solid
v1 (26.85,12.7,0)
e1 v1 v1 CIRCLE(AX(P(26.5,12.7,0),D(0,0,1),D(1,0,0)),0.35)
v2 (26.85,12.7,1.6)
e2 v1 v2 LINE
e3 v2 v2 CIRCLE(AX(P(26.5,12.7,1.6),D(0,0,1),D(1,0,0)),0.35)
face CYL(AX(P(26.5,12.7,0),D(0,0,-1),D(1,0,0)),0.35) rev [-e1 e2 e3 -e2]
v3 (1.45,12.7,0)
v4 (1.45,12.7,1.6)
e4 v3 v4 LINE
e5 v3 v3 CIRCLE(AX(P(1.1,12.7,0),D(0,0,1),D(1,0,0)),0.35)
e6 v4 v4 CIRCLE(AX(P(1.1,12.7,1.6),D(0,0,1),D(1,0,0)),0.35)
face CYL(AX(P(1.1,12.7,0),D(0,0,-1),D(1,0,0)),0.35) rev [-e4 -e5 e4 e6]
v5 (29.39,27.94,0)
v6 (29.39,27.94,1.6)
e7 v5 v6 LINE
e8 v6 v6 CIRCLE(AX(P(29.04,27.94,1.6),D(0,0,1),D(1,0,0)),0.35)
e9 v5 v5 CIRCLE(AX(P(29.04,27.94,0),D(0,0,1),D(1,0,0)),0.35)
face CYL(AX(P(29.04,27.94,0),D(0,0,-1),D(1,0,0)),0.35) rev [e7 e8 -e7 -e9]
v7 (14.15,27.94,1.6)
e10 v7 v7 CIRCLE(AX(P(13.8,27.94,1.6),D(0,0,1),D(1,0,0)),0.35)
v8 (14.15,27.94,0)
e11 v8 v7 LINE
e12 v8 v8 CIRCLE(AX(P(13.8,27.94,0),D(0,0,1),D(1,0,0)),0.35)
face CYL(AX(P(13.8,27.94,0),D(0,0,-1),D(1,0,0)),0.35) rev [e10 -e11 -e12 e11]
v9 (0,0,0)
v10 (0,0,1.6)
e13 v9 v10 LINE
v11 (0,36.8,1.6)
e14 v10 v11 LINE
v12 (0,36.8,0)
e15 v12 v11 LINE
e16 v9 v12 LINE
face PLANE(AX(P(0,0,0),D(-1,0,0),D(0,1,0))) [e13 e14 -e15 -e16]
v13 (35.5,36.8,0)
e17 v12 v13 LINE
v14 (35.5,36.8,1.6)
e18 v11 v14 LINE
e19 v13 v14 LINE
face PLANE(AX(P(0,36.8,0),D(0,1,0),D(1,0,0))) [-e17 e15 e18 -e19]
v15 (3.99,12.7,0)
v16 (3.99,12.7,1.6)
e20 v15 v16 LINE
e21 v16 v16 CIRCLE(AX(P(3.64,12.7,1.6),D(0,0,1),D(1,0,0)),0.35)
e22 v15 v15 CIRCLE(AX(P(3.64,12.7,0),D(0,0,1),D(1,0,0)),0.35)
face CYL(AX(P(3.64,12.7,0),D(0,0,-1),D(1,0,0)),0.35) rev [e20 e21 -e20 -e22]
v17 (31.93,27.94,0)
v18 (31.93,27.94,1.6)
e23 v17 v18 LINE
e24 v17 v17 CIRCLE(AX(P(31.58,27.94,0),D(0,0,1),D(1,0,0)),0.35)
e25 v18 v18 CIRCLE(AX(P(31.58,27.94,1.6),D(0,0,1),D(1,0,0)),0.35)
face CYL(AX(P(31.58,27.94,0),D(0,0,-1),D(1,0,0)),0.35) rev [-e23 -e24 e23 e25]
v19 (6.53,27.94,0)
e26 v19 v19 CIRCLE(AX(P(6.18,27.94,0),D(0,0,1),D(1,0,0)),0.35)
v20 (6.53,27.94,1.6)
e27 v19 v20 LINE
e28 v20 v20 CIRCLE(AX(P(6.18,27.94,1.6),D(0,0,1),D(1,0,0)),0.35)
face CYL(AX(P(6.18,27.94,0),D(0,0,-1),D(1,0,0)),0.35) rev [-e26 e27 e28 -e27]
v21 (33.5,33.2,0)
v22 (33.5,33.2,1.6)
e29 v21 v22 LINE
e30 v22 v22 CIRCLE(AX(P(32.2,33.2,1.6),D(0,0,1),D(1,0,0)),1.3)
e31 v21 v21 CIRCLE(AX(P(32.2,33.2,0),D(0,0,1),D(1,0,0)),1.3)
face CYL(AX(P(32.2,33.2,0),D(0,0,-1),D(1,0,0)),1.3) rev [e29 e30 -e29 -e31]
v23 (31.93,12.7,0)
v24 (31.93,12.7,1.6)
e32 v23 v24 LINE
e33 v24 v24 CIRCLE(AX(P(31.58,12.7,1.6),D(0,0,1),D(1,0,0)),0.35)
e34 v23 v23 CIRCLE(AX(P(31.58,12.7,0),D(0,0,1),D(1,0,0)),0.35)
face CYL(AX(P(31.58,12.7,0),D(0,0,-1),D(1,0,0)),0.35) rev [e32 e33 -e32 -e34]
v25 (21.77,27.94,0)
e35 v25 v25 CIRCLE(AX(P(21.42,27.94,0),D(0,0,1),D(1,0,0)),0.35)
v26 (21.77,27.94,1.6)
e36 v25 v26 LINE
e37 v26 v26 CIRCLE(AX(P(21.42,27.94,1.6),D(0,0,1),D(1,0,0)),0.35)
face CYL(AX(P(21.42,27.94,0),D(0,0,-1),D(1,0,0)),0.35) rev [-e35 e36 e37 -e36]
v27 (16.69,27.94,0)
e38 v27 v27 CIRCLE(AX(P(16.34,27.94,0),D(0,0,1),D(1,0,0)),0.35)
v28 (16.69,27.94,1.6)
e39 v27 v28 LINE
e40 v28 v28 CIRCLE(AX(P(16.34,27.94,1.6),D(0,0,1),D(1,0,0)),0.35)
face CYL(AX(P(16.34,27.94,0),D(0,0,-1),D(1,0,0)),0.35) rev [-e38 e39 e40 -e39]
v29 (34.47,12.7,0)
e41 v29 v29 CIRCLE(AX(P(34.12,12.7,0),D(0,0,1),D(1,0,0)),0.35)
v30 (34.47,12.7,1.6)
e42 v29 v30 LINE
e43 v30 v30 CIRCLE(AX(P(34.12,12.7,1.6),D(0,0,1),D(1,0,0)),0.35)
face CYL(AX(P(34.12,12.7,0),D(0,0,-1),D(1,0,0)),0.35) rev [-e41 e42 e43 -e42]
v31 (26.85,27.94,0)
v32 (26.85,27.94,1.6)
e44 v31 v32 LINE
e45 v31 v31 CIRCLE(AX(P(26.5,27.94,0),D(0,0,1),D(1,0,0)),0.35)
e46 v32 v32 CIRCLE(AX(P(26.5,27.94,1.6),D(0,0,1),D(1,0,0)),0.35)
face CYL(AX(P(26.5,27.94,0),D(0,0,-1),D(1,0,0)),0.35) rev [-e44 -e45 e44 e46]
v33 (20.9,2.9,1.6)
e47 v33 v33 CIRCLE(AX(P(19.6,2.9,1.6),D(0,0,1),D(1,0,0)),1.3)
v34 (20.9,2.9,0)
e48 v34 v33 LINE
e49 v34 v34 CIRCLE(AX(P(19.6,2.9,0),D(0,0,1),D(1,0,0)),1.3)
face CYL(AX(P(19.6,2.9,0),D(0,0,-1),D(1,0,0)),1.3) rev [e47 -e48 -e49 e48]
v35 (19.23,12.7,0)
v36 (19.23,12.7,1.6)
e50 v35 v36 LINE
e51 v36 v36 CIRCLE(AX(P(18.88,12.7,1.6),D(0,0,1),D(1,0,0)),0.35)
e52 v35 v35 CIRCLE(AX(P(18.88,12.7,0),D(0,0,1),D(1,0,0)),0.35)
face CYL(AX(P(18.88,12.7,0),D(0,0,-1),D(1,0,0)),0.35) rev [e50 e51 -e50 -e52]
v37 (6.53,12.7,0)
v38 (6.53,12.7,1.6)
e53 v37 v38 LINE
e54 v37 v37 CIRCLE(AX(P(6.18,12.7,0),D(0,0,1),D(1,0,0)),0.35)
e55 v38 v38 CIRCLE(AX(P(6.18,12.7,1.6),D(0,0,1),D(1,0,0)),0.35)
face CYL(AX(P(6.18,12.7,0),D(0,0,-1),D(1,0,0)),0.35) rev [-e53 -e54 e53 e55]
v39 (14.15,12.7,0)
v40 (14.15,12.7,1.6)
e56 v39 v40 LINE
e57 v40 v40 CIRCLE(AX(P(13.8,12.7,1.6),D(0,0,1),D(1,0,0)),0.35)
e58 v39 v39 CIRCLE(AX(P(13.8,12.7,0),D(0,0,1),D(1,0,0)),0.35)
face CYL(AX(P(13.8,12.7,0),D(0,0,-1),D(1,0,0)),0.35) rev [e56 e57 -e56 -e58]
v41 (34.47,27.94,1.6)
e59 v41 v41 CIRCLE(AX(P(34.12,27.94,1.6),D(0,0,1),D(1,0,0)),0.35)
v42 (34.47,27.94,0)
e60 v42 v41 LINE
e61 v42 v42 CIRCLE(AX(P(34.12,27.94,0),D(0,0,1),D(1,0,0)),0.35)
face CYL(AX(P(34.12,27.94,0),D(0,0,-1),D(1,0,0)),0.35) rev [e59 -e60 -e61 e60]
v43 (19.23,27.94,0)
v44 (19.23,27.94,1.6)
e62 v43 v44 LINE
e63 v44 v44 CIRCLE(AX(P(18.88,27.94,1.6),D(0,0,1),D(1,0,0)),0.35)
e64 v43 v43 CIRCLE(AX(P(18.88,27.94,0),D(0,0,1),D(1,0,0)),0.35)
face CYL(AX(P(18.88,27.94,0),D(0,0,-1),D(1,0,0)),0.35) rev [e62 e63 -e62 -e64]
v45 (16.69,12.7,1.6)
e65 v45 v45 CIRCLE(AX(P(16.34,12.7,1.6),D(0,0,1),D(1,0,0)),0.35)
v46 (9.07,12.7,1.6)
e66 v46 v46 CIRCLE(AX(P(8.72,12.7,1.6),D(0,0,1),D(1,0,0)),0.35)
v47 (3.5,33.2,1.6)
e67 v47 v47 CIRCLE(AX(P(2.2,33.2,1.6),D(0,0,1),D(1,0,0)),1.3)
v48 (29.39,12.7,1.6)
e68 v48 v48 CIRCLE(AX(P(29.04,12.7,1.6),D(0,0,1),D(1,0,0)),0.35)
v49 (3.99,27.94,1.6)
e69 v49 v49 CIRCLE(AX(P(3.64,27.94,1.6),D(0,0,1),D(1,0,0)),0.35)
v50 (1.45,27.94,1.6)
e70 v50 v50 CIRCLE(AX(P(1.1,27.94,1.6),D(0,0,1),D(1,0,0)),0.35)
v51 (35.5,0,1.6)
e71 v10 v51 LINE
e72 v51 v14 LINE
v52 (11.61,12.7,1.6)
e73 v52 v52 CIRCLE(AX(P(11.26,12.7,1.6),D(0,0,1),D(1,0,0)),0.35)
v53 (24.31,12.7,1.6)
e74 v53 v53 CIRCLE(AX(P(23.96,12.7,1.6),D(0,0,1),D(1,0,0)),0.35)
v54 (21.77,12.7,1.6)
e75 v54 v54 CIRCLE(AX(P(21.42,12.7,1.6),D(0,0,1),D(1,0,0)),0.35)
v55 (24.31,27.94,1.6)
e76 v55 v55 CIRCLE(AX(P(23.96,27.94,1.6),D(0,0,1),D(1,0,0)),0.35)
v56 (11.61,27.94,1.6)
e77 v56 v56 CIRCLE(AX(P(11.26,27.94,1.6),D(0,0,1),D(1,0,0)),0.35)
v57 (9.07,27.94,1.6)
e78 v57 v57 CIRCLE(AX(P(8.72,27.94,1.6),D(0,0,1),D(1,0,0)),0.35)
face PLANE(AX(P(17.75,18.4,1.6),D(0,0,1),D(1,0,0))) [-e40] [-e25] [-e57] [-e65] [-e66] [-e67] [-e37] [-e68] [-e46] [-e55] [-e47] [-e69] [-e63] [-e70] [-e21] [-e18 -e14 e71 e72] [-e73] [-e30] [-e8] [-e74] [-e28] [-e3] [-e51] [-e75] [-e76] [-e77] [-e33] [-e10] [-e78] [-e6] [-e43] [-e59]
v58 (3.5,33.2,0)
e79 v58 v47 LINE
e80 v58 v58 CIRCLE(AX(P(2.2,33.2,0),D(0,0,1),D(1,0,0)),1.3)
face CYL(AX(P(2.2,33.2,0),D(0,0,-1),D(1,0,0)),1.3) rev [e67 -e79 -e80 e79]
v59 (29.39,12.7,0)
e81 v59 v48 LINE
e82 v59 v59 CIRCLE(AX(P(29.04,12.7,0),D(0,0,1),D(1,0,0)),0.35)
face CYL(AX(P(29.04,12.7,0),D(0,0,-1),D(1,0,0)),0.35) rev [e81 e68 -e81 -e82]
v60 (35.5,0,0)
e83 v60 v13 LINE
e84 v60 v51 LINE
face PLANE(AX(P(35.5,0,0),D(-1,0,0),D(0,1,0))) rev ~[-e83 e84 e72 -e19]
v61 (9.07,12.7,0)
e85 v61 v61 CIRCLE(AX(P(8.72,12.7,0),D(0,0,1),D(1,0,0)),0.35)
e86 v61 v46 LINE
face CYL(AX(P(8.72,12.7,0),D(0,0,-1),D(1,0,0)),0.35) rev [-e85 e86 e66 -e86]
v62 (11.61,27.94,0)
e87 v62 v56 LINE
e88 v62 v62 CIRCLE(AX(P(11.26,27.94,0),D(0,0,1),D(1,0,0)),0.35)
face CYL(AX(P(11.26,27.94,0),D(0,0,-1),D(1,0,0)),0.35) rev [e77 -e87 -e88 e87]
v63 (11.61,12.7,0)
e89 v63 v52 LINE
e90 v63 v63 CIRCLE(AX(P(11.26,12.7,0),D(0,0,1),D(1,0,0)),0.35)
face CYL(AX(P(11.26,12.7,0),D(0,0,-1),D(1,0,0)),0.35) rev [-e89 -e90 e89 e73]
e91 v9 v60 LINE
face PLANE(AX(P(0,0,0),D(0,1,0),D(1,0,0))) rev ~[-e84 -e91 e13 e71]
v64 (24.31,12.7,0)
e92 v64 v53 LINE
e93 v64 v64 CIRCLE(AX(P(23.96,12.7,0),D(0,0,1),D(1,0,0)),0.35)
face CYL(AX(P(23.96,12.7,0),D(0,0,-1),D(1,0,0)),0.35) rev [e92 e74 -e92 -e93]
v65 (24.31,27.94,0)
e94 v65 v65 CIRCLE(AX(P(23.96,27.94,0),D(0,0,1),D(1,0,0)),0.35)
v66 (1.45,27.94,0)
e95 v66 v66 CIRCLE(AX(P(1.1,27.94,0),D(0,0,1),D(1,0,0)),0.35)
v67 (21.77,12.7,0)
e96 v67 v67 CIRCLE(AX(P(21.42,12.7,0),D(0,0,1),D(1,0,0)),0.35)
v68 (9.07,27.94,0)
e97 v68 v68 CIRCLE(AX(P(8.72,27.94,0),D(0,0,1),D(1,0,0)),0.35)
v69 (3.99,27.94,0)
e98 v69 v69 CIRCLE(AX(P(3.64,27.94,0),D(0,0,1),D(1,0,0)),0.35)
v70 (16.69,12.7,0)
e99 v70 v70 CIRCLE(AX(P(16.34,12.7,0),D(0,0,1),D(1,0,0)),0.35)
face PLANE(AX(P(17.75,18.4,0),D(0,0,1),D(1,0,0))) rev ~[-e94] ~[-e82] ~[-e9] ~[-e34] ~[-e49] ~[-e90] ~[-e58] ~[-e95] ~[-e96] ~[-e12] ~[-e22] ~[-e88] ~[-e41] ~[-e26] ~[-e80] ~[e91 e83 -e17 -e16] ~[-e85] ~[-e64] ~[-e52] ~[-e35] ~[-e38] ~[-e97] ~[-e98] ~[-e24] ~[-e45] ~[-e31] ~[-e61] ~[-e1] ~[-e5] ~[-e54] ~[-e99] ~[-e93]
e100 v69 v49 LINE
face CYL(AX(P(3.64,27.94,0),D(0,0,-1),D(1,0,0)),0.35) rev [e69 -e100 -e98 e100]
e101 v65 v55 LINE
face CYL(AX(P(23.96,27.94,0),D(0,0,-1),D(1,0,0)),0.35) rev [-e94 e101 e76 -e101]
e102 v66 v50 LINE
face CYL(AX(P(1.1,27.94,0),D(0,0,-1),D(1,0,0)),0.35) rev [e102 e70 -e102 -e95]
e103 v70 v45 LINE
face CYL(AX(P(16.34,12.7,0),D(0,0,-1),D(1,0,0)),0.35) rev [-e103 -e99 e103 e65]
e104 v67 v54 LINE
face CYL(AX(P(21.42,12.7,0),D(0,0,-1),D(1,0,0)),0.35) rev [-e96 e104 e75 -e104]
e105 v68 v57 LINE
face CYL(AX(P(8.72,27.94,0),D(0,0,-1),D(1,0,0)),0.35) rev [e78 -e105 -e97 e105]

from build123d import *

# Parameters (mm, degrees)
CYLINDER008_R     = 0.35
CYLINDER008_DEPTH = 1.6
CYLINDER009_R     = 0.35
CYLINDER009_DEPTH = 1.6
CYLINDER013_R     = 0.35
CYLINDER013_DEPTH = 1.6
CYLINDER018_R     = 0.35
CYLINDER018_DEPTH = 1.6
CYLINDER012_R     = 0.35
CYLINDER012_DEPTH = 1.6
CYLINDER015_R     = 0.35
CYLINDER015_DEPTH = 1.6
CYLINDER014_R     = 0.35
CYLINDER014_DEPTH = 1.6
CYLINDER016_R     = 0.35
CYLINDER016_DEPTH = 1.6
CYLINDER011_R     = 0.35
CYLINDER011_DEPTH = 1.6
CYLINDER010_R     = 0.35
CYLINDER010_DEPTH = 1.6
CYLINDER019_R     = 0.35
CYLINDER019_DEPTH = 1.6
CYLINDER020_R     = 0.35
CYLINDER020_DEPTH = 1.6
CYLINDER017_R     = 0.35
CYLINDER017_DEPTH = 1.6
CYLINDER004_R     = 0.35
CYLINDER004_DEPTH = 1.6
CYLINDER002_R     = 1.3
CYLINDER002_DEPTH = 1.6
CYLINDER001_R     = 1.3
CYLINDER001_DEPTH = 1.6
CYLINDER_R        = 1.3
CYLINDER_DEPTH    = 1.6
BOX_W             = 35.5
BOX_H             = 36.8
BOX_DEPTH         = 1.6


with BuildPart() as cylinder008:
    # Cylinder008 → Cylinder008 (new body)
    with BuildSketch(Plane(origin=(1.1, 12.7, 0), x_dir=(1, 0, 0), z_dir=(0, 0, 1))):
        Circle(CYLINDER008_R)
    extrude(amount=CYLINDER008_DEPTH)


with BuildPart() as cylinder009:
    # Cylinder009 → Cylinder009 (new body)
    with BuildSketch(Plane(origin=(8.72, 12.7, 0), x_dir=(1, 0, 0), z_dir=(0, 0, 1))):
        Circle(CYLINDER009_R)
    extrude(amount=CYLINDER009_DEPTH)


with BuildPart() as cylinder013:
    # Cylinder013 → Cylinder013 (new body)
    with BuildSketch(Plane(origin=(18.88, 12.7, 0), x_dir=(1, 0, 0), z_dir=(0, 0, 1))):
        Circle(CYLINDER013_R)
    extrude(amount=CYLINDER013_DEPTH)


with BuildPart() as cylinder018:
    # Cylinder018 → Cylinder018 (new body)
    with BuildSketch(Plane(origin=(34.12, 12.7, 0), x_dir=(1, 0, 0), z_dir=(0, 0, 1))):
        Circle(CYLINDER018_R)
    extrude(amount=CYLINDER018_DEPTH)


with BuildPart() as cylinder012:
    # Cylinder012 → Cylinder012 (new body)
    with BuildSketch(Plane(origin=(13.8, 12.7, 0), x_dir=(1, 0, 0), z_dir=(0, 0, 1))):
        Circle(CYLINDER012_R)
    extrude(amount=CYLINDER012_DEPTH)


with BuildPart() as cylinder015:
    # Cylinder015 → Cylinder015 (new body)
    with BuildSketch(Plane(origin=(21.42, 12.7, 0), x_dir=(1, 0, 0), z_dir=(0, 0, 1))):
        Circle(CYLINDER015_R)
    extrude(amount=CYLINDER015_DEPTH)


with BuildPart() as cylinder014:
    # Cylinder014 → Cylinder014 (new body)
    with BuildSketch(Plane(origin=(23.96, 12.7, 0), x_dir=(1, 0, 0), z_dir=(0, 0, 1))):
        Circle(CYLINDER014_R)
    extrude(amount=CYLINDER014_DEPTH)


with BuildPart() as cylinder016:
    # Cylinder016 → Cylinder016 (new body)
    with BuildSketch(Plane(origin=(16.34, 12.7, 0), x_dir=(1, 0, 0), z_dir=(0, 0, 1))):
        Circle(CYLINDER016_R)
    extrude(amount=CYLINDER016_DEPTH)


with BuildPart() as cylinder011:
    # Cylinder011 → Cylinder011 (new body)
    with BuildSketch(Plane(origin=(11.26, 12.7, 0), x_dir=(1, 0, 0), z_dir=(0, 0, 1))):
        Circle(CYLINDER011_R)
    extrude(amount=CYLINDER011_DEPTH)


with BuildPart() as cylinder010:
    # Cylinder010 → Cylinder010 (new body)
    with BuildSketch(Plane(origin=(6.18, 12.7, 0), x_dir=(1, 0, 0), z_dir=(0, 0, 1))):
        Circle(CYLINDER010_R)
    extrude(amount=CYLINDER010_DEPTH)


with BuildPart() as cylinder019:
    # Cylinder019 → Cylinder019 (new body)
    with BuildSketch(Plane(origin=(31.58, 12.7, 0), x_dir=(1, 0, 0), z_dir=(0, 0, 1))):
        Circle(CYLINDER019_R)
    extrude(amount=CYLINDER019_DEPTH)


with BuildPart() as cylinder020:
    # Cylinder020 → Cylinder020 (new body)
    with BuildSketch(Plane(origin=(26.5, 12.7, 0), x_dir=(1, 0, 0), z_dir=(0, 0, 1))):
        Circle(CYLINDER020_R)
    extrude(amount=CYLINDER020_DEPTH)


with BuildPart() as cylinder017:
    # Cylinder017 → Cylinder017 (new body)
    with BuildSketch(Plane(origin=(29.04, 12.7, 0), x_dir=(1, 0, 0), z_dir=(0, 0, 1))):
        Circle(CYLINDER017_R)
    extrude(amount=CYLINDER017_DEPTH)


with BuildPart() as cylinder004:
    # Cylinder004 → Cylinder004 (new body)
    with BuildSketch(Plane(origin=(3.64, 12.7, 0), x_dir=(1, 0, 0), z_dir=(0, 0, 1))):
        Circle(CYLINDER004_R)
    extrude(amount=CYLINDER004_DEPTH)


with BuildPart() as compound001:
    # Compound001 base: copy of Cylinder004
    add(cylinder004.part)

    # Compound001: union Cylinder008, Cylinder009, Cylinder013, Cylinder018, Cylinder012, Cylinder015, Cylinder014, Cylinder016, Cylinder011, Cylinder010, Cylinder019, Cylinder020, Cylinder017
    add(cylinder008.part)
    add(cylinder009.part)
    add(cylinder013.part)
    add(cylinder018.part)
    add(cylinder012.part)
    add(cylinder015.part)
    add(cylinder014.part)
    add(cylinder016.part)
    add(cylinder011.part)
    add(cylinder010.part)
    add(cylinder019.part)
    add(cylinder020.part)
    add(cylinder017.part)


with BuildPart() as compound001_1:
    # Compound001 placement: moved
    add(compound001.part.moved(Location((0, 15.24, 0))))


with BuildPart() as compound:
    # Compound base: copy of Cylinder004
    add(cylinder004.part)

    # Compound: union Cylinder008, Cylinder009, Cylinder013, Cylinder018, Cylinder012, Cylinder015, Cylinder014, Cylinder016, Cylinder011, Cylinder010, Cylinder019, Cylinder020, Cylinder017
    add(cylinder008.part)
    add(cylinder009.part)
    add(cylinder013.part)
    add(cylinder018.part)
    add(cylinder012.part)
    add(cylinder015.part)
    add(cylinder014.part)
    add(cylinder016.part)
    add(cylinder011.part)
    add(cylinder010.part)
    add(cylinder019.part)
    add(cylinder020.part)
    add(cylinder017.part)


with BuildPart() as cylinder002:
    # Cylinder002 → Cylinder002 (new body)
    with BuildSketch(Plane(origin=(32.2, 33.2, 0), x_dir=(1, 0, 0), z_dir=(0, 0, 1))):
        Circle(CYLINDER002_R)
    extrude(amount=CYLINDER002_DEPTH)


with BuildPart() as cylinder001:
    # Cylinder001 → Cylinder001 (new body)
    with BuildSketch(Plane(origin=(2.2, 33.2, 0), x_dir=(1, 0, 0), z_dir=(0, 0, 1))):
        Circle(CYLINDER001_R)
    extrude(amount=CYLINDER001_DEPTH)


with BuildPart() as cylinder:
    # Cylinder → Cylinder (new body)
    with BuildSketch(Plane(origin=(19.6, 2.9, 0), x_dir=(1, 0, 0), z_dir=(0, 0, 1))):
        Circle(CYLINDER_R)
    extrude(amount=CYLINDER_DEPTH)


with BuildPart() as main_board:
    # Box → Box (new body)
    with BuildSketch(Plane.XY):
        with Locations((17.75, 18.4)):
            Rectangle(BOX_W, BOX_H)
    extrude(amount=BOX_DEPTH)

    # Cut: cut Cylinder
    add(cylinder.part, mode=Mode.SUBTRACT)

    # Cut001: cut Cylinder001
    add(cylinder001.part, mode=Mode.SUBTRACT)

    # Cut002: cut Cylinder002
    add(cylinder002.part, mode=Mode.SUBTRACT)

    # Cut004: cut Compound
    add(compound.part, mode=Mode.SUBTRACT)

    # Cut005: cut Compound001
    add(compound001_1.part, mode=Mode.SUBTRACT)


solid = main_board.part
